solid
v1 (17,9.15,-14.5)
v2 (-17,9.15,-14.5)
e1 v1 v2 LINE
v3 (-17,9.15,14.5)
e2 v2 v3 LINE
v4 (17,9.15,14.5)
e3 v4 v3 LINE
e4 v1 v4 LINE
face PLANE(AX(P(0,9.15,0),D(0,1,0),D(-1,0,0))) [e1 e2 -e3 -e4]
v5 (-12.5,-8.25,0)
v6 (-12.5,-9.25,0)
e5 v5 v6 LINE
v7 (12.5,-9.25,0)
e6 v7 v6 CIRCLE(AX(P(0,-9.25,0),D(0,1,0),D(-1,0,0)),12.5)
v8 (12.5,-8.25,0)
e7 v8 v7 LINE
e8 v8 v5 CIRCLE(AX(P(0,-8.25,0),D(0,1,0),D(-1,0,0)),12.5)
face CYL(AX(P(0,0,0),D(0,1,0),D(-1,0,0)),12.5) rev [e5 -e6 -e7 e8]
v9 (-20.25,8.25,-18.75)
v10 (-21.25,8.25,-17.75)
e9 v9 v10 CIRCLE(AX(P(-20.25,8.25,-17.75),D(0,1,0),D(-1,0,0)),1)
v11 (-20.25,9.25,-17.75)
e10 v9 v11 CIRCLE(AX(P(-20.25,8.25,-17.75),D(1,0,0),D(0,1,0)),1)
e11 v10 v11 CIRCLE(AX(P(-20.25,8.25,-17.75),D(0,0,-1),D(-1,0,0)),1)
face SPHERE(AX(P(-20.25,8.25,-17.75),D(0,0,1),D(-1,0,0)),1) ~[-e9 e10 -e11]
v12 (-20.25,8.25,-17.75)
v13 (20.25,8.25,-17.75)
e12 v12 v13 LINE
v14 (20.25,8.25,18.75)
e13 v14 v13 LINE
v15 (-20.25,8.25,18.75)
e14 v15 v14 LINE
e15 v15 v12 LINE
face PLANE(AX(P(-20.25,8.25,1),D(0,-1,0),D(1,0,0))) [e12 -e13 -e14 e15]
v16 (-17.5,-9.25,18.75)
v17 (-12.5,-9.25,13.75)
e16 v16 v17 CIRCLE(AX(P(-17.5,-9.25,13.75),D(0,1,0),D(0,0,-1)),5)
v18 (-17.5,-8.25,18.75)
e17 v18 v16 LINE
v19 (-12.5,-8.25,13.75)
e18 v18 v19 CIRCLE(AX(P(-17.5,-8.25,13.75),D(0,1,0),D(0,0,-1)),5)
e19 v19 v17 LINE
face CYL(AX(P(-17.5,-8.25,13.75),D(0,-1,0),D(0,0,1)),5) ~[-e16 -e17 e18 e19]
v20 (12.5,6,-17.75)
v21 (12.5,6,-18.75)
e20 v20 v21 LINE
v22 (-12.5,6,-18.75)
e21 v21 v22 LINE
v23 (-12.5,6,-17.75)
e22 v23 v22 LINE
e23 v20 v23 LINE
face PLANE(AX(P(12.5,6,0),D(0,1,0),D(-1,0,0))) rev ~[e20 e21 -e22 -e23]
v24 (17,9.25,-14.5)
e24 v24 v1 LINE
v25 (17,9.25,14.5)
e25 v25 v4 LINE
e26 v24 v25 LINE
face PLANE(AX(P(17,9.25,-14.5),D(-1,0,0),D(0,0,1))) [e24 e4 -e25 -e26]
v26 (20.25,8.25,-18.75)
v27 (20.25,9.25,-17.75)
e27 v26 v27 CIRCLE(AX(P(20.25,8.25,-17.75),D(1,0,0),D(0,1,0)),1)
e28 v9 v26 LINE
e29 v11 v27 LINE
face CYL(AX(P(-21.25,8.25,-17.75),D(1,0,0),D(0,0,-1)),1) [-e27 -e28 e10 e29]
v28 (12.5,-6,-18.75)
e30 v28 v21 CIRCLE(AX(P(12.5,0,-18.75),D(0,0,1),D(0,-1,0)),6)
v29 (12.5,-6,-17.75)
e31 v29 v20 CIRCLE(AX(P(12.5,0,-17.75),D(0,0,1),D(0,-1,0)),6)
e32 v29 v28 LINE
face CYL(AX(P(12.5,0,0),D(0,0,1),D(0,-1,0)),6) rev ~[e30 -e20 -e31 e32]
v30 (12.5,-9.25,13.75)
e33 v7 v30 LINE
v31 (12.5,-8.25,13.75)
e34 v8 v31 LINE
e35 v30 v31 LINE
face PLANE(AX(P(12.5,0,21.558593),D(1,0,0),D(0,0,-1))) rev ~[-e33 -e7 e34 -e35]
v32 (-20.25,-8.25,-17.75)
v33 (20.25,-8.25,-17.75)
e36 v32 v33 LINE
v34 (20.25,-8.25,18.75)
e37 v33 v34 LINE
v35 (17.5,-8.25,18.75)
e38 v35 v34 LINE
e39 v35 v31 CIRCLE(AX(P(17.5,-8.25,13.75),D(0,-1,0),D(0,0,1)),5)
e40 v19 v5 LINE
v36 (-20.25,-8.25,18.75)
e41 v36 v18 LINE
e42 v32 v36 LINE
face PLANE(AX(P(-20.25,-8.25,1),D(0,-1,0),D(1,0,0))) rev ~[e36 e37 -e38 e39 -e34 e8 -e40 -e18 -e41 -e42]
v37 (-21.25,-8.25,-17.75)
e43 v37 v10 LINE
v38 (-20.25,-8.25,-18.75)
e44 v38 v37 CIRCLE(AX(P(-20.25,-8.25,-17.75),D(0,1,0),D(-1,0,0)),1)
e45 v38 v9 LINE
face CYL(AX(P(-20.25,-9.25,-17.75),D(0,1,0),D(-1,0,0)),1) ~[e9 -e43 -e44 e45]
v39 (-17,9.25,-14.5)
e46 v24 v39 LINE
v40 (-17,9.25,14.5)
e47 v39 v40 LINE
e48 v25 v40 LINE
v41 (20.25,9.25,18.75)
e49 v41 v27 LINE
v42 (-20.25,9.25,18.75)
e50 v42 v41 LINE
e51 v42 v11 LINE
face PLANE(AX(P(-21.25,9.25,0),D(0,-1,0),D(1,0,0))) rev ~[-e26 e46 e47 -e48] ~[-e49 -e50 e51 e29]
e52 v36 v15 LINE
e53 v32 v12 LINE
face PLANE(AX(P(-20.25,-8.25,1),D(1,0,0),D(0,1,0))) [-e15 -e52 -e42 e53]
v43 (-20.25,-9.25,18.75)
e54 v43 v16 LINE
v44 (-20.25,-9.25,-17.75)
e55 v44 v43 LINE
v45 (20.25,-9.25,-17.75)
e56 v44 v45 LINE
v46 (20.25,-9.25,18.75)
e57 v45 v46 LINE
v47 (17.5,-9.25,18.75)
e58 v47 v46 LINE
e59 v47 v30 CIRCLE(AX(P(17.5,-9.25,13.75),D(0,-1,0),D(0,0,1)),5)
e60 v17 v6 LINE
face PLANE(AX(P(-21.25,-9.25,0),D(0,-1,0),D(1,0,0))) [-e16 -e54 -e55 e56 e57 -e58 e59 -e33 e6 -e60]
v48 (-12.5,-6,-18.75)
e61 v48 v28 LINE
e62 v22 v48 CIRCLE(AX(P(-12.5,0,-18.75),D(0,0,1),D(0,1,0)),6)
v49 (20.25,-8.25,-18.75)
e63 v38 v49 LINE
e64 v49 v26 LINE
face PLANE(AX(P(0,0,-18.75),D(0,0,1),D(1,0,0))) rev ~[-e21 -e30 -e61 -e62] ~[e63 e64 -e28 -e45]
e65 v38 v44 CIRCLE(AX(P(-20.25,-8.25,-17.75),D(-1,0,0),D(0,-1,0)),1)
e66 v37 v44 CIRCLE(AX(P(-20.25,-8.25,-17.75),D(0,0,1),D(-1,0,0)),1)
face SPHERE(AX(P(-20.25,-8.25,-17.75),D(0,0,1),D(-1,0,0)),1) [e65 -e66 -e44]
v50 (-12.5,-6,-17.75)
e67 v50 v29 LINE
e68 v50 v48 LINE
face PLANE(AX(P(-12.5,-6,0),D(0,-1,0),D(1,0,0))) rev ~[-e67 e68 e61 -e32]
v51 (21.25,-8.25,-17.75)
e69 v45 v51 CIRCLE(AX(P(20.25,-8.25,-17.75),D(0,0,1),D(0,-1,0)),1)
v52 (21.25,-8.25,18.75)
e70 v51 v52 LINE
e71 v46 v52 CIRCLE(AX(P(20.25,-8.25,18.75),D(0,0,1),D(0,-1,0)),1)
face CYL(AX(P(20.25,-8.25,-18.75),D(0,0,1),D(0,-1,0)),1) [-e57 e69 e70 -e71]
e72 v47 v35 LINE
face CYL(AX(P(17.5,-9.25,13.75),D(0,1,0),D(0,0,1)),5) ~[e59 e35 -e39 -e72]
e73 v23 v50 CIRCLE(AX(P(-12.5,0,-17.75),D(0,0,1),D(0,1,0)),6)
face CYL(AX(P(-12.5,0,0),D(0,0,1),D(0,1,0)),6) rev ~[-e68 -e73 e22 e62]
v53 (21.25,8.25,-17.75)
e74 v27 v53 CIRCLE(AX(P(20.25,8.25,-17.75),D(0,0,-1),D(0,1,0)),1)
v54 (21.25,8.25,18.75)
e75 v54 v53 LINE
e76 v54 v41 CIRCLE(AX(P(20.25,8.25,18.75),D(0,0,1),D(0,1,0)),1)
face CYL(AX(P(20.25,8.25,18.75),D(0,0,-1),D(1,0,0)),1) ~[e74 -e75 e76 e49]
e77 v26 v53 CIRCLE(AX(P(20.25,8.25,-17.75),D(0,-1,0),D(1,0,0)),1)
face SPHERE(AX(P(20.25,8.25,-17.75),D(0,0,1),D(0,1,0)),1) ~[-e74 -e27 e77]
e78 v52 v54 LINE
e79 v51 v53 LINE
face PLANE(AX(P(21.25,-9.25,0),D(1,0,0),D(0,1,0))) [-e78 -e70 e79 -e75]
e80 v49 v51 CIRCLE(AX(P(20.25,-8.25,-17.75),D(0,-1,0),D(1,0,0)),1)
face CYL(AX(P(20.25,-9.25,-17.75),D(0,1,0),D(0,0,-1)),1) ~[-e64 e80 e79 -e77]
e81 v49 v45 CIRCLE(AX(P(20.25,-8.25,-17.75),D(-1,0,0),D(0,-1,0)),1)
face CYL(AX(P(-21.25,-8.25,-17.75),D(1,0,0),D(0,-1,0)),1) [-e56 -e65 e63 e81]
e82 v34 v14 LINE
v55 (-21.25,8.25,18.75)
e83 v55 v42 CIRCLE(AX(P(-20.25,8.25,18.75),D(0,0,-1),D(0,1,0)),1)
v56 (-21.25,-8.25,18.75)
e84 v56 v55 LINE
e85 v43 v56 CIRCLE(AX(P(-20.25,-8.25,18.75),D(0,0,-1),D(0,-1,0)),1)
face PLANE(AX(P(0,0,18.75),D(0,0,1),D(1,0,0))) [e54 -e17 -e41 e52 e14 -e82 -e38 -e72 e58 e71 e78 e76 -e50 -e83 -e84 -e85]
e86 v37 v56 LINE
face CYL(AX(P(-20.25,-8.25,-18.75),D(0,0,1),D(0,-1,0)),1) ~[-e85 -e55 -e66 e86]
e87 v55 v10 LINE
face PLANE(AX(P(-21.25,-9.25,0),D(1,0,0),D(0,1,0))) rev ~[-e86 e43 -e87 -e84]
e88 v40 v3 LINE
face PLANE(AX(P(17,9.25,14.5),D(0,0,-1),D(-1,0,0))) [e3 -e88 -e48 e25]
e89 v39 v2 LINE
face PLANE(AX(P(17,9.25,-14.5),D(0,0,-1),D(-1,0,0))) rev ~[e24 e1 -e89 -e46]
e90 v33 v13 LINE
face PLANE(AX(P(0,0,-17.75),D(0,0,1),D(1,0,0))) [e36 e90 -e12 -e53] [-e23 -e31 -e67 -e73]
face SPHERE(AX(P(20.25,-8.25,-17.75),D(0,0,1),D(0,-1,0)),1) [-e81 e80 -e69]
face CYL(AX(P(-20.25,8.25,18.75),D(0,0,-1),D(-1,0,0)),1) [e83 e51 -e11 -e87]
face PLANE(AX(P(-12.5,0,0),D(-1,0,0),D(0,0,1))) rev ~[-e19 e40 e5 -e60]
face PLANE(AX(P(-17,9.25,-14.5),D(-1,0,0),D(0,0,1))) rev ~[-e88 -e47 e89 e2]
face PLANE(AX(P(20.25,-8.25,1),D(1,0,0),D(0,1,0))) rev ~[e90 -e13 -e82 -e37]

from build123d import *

# Parameters (mm, degrees)
SKETCH_W        = 42.5
SKETCH_H        = 18.5
PAD_DEPTH       = 18.75
SKETCH001_W     = 40.5
SKETCH001_H     = 16.5
POCKET_DEPTH    = 18.75
POCKET001_DEPTH = 9.251
SKETCH003_W     = 34
SKETCH003_H     = 29
POCKET002_DEPTH = 0.1
POCKET003_DEPTH = 18.751
FILLET_R        = 5
FILLET001_R     = 1


with BuildPart() as part:
    # Sketch → Pad (new body, symmetric)
    with BuildSketch(Plane.XY):
        Rectangle(SKETCH_W, SKETCH_H)
    extrude(amount=PAD_DEPTH, both=True)

    # Sketch001 → Pocket (cut, symmetric)
    with BuildSketch(Plane.XY.offset(1)):
        Rectangle(SKETCH001_W, SKETCH001_H)
    extrude(amount=POCKET_DEPTH, both=True, mode=Mode.SUBTRACT)

    # Sketch002 → Pocket001 (cut, through all)
    with BuildSketch(Plane.XZ):
        with BuildLine():
            ThreePointArc((-12.5, 0), (0, -12.5), (12.5, 0))
            Line((12.5, 21.558593), (12.5, 0))
            Line((-12.5, 21.558593), (12.5, 21.558593))
            Line((-12.5, 0), (-12.5, 21.558593))
        make_face()
    extrude(amount=POCKET001_DEPTH, mode=Mode.SUBTRACT)

    # Sketch003 → Pocket002 (cut)
    with BuildSketch(Plane(origin=(0, 9.25, 0), x_dir=(-1, 0, 0), z_dir=(0, 1, 0))):
        Rectangle(SKETCH003_W, SKETCH003_H)
    extrude(amount=-POCKET002_DEPTH, mode=Mode.SUBTRACT)

    # Sketch004 → Pocket003 (cut, through all)
    with BuildSketch(Plane.XY):
        with BuildLine():
            ThreePointArc((-12.5, 6), (-18.5, 0), (-12.5, -6))
            Line((-12.5, -6), (12.5, -6))
            ThreePointArc((12.5, -6), (18.5, 0), (12.5, 6))
            Line((12.5, 6), (-12.5, 6))
        make_face()
    extrude(amount=-POCKET003_DEPTH, mode=Mode.SUBTRACT)

    # Fillet
    fillet_edges = [part.edges().sort_by_distance(p)[0] for p in [
        (-12.5, -8.75, 18.75),
        (12.5, -8.75, 18.75),
    ]]
    fillet(fillet_edges, radius=FILLET_R)

    # Fillet001
    fillet001_edges = [part.edges().sort_by_distance(p)[0] for p in [
        (-21.25, 9.25, 0),
        (-21.25, -9.25, 0),
        (21.25, -9.25, 0),
        (21.25, 9.25, 0),
        (-21.25, 0, -18.75),
        (0, -9.25, -18.75),
        (0, 9.25, -18.75),
        (21.25, 0, -18.75),
    ]]
    fillet(fillet001_edges, radius=FILLET001_R)


solid = part.part
